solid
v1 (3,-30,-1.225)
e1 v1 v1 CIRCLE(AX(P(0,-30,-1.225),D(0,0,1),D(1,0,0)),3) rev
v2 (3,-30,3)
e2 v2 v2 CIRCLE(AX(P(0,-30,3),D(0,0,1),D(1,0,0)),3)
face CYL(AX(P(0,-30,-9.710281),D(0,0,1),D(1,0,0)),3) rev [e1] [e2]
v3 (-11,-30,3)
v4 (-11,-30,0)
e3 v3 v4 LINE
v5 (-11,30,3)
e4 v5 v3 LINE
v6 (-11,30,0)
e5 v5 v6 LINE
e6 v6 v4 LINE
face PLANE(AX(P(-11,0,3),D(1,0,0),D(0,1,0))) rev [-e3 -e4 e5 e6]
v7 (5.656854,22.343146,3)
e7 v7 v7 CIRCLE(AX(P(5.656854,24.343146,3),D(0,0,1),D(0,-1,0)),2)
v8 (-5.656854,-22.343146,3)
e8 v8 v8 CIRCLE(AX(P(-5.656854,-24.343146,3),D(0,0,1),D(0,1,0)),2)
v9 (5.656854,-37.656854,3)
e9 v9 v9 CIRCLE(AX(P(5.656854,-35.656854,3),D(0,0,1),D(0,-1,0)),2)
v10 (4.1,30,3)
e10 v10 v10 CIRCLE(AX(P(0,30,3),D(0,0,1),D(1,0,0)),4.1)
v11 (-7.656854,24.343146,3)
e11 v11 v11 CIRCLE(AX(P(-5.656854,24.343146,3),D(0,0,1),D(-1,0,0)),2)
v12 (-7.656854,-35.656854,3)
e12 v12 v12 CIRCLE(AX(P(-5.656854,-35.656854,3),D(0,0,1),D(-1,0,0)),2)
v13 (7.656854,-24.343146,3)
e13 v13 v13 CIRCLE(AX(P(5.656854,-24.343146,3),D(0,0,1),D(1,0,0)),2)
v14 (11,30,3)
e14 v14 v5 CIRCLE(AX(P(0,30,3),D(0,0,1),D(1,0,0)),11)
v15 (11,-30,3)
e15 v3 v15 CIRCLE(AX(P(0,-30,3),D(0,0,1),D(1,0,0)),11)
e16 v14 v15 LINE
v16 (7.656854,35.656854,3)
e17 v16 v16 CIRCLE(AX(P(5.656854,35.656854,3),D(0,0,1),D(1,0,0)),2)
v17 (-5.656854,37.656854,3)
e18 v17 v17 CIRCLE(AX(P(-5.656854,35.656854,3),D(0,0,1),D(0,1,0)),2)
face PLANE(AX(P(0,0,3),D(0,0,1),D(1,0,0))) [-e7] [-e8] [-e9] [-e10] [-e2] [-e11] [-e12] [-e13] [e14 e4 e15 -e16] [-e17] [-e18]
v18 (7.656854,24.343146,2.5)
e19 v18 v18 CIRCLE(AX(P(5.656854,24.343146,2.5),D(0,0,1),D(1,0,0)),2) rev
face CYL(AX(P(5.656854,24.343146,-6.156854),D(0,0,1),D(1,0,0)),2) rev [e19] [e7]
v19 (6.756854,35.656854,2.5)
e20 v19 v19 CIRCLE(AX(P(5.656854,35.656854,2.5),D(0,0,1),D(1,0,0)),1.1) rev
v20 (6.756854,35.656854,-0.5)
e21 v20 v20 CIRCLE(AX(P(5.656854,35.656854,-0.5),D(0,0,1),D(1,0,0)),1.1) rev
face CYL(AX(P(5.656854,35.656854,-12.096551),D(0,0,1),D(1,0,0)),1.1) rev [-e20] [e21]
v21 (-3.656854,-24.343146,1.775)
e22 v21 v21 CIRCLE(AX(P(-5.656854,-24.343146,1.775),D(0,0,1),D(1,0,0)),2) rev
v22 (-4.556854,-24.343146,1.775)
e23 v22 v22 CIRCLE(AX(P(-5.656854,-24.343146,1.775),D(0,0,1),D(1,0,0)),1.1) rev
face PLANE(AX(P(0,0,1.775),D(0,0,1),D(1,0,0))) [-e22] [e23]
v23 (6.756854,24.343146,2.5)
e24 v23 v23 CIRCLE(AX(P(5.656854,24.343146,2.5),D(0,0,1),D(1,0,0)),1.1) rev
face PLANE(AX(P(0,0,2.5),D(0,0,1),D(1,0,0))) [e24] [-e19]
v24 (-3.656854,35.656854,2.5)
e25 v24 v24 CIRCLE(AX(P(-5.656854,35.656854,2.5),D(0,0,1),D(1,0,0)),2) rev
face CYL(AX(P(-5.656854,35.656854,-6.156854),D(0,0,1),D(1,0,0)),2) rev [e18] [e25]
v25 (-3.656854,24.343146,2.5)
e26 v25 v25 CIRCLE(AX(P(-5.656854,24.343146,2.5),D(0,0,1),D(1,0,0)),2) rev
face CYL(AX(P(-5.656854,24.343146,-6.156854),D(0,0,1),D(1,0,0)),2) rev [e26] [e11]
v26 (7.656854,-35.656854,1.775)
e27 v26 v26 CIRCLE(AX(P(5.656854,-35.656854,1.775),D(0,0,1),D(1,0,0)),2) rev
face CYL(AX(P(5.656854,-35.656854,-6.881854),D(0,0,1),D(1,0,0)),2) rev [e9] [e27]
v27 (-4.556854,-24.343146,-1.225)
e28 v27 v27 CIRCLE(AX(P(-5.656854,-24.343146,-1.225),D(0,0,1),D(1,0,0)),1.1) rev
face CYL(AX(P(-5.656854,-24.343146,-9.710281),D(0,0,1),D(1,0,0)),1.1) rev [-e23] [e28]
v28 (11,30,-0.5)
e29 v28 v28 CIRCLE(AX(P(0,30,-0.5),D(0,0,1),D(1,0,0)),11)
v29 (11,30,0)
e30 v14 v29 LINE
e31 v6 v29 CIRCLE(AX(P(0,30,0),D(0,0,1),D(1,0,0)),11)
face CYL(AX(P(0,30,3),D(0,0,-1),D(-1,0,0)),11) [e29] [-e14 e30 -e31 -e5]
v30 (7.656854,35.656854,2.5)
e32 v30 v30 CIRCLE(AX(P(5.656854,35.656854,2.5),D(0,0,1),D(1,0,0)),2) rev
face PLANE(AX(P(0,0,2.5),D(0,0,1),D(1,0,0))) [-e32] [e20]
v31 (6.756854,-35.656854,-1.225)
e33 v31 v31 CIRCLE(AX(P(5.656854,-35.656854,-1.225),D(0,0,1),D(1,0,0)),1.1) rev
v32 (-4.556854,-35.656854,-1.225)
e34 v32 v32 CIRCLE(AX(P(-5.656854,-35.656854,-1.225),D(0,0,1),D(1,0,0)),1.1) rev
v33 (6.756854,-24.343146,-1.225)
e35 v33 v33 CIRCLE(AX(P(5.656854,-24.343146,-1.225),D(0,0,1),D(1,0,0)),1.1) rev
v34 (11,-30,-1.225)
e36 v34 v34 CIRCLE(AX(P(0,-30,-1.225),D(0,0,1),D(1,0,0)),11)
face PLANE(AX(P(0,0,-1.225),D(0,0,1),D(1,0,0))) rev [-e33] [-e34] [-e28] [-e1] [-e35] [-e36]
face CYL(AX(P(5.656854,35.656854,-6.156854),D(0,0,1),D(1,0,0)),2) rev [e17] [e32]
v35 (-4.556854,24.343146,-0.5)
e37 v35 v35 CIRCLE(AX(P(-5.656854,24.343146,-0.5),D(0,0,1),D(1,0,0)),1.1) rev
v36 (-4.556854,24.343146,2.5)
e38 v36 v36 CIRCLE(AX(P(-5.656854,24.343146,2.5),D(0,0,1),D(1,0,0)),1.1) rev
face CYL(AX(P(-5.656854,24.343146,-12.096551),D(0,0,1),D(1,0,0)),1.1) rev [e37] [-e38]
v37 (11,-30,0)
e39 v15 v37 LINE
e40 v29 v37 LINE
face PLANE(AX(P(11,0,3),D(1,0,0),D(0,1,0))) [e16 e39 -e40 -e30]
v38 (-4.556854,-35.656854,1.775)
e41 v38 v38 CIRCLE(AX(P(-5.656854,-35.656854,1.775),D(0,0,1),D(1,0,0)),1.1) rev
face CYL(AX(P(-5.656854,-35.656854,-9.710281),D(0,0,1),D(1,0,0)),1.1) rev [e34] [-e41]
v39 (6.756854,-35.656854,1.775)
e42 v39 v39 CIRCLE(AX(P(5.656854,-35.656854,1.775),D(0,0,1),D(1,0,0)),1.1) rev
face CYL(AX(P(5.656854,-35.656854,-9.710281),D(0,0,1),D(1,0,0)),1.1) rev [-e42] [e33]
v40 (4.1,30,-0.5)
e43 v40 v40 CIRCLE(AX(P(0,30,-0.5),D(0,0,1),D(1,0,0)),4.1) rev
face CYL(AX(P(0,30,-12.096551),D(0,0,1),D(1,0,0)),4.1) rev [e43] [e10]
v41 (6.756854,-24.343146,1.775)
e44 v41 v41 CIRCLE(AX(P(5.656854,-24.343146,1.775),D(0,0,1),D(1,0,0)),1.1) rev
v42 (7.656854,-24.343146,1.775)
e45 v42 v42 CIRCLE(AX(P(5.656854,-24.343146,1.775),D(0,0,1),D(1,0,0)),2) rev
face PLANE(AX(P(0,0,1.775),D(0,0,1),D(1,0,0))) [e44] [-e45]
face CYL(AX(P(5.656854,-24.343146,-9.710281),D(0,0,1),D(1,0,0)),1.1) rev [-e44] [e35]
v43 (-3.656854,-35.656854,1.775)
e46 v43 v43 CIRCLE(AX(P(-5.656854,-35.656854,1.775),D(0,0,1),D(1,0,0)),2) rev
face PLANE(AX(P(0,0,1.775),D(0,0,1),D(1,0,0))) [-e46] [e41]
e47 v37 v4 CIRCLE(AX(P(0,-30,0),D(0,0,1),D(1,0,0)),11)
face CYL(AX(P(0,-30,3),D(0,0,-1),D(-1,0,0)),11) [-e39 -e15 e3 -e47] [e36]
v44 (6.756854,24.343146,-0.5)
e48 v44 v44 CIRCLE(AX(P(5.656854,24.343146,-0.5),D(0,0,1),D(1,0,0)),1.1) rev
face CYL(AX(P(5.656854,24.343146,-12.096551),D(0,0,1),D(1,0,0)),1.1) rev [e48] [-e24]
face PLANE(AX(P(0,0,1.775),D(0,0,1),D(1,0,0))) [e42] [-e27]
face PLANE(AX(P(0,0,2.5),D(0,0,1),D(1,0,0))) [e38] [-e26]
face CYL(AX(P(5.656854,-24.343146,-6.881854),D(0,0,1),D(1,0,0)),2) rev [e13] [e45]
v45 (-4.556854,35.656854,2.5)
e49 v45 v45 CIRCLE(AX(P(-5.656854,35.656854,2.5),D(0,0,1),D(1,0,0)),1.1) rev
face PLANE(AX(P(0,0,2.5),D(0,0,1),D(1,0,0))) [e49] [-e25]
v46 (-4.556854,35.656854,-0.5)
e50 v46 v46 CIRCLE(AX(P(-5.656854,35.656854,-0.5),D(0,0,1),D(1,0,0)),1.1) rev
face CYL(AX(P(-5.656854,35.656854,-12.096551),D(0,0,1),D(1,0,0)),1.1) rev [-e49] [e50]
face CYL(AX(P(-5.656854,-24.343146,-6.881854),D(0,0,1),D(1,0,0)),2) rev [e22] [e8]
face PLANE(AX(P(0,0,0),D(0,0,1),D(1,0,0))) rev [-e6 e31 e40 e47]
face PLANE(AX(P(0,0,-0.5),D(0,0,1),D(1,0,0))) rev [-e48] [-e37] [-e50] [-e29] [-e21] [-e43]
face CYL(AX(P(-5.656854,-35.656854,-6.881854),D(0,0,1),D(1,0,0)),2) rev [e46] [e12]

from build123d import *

# Parameters (mm, degrees)
BOSS_EXTRUDE1_DEPTH = 3
BOSS_EXTRUDE2_START = -0.5
SKETCH1_3_R         = 11
BOSS_EXTRUDE2_DEPTH = 0.5
SKETCH2_R           = 4.1
SKETCH2_R_2         = 1.1
CUT_EXTRUDE1_DEPTH  = 3.5
SKETCH2_3_R         = 2
CUT_EXTRUDE2_DEPTH  = 0.5
CIRPATTERN2_COUNT   = 4
BOSS_EXTRUDE3_START = -1.225
SKETCH1_5_R         = 11
BOSS_EXTRUDE3_DEPTH = 1.225
SKETCH3_R           = 3
SKETCH3_R_2         = 1.1
CUT_EXTRUDE3_DEPTH  = 4.225
SKETCH3_3_R         = 2
CUT_EXTRUDE4_DEPTH  = 1.225
CIRPATTERN3_COUNT   = 4


with BuildPart() as part:
    # Sketch1 → Boss-Extrude1 (new body)
    with BuildSketch(Plane.XY):
        with BuildLine():
            Line((-11, 30), (-11, -30))
            ThreePointArc((-11, -30), (0, -41), (11, -30))
            Line((11, -30), (11, 30))
            ThreePointArc((11, 30), (0, 41), (-11, 30))
        make_face()
    extrude(amount=BOSS_EXTRUDE1_DEPTH)

    # Sketch1<3> → Boss-Extrude2 (add)
    with BuildSketch(Plane.XY.offset(BOSS_EXTRUDE2_START)):
        with Locations((0, 30)):
            Circle(SKETCH1_3_R)
    extrude(amount=BOSS_EXTRUDE2_DEPTH)

    # Sketch2 → Cut-Extrude1 (cut)
    with BuildSketch(Plane.XY.offset(3)):
        with Locations((0, 30)):
            Circle(SKETCH2_R)
        with Locations((5.656854249, 35.656854249)):
            Circle(SKETCH2_R_2)
    cut_extrude1 = extrude(amount=-CUT_EXTRUDE1_DEPTH, mode=Mode.SUBTRACT)

    # Sketch2<3> → Cut-Extrude2 (cut)
    with BuildSketch(Plane.XY.offset(3)):
        with Locations((5.656854249, 35.656854249)):
            Circle(SKETCH2_3_R)
    cut_extrude2 = extrude(amount=-CUT_EXTRUDE2_DEPTH, mode=Mode.SUBTRACT)

    # CirPattern2: Cut-Extrude1, Cut-Extrude2 ×4 about axis
    cirpattern2_axis = Axis((0, 30, 0), (0, 0, 1))
    add([cut_extrude1.rotate(cirpattern2_axis, i * 360 / CIRPATTERN2_COUNT) for i in range(1, CIRPATTERN2_COUNT)], mode=Mode.SUBTRACT)
    add([cut_extrude2.rotate(cirpattern2_axis, i * 360 / CIRPATTERN2_COUNT) for i in range(1, CIRPATTERN2_COUNT)], mode=Mode.SUBTRACT)

    # Sketch1<5> → Boss-Extrude3 (add)
    with BuildSketch(Plane.XY.offset(BOSS_EXTRUDE3_START)):
        with Locations((0, -30)):
            Circle(SKETCH1_5_R)
    extrude(amount=BOSS_EXTRUDE3_DEPTH)

    # Sketch3 → Cut-Extrude3 (cut)
    with BuildSketch(Plane.XY.offset(3)):
        with Locations((0, -30)):
            Circle(SKETCH3_R)
        with Locations((5.656854249, -24.343145751)):
            Circle(SKETCH3_R_2)
    cut_extrude3 = extrude(amount=-CUT_EXTRUDE3_DEPTH, mode=Mode.SUBTRACT)

    # Sketch3<3> → Cut-Extrude4 (cut)
    with BuildSketch(Plane.XY.offset(3)):
        with Locations((5.656854249, -24.343145751)):
            Circle(SKETCH3_3_R)
    cut_extrude4 = extrude(amount=-CUT_EXTRUDE4_DEPTH, mode=Mode.SUBTRACT)

    # CirPattern3: Cut-Extrude3, Cut-Extrude4 ×4 about axis
    cirpattern3_axis = Axis((0, -30, 0), (0, 0, 1))
    add([cut_extrude3.rotate(cirpattern3_axis, i * 360 / CIRPATTERN3_COUNT) for i in range(1, CIRPATTERN3_COUNT)], mode=Mode.SUBTRACT)
    add([cut_extrude4.rotate(cirpattern3_axis, i * 360 / CIRPATTERN3_COUNT) for i in range(1, CIRPATTERN3_COUNT)], mode=Mode.SUBTRACT)


solid = part.part
